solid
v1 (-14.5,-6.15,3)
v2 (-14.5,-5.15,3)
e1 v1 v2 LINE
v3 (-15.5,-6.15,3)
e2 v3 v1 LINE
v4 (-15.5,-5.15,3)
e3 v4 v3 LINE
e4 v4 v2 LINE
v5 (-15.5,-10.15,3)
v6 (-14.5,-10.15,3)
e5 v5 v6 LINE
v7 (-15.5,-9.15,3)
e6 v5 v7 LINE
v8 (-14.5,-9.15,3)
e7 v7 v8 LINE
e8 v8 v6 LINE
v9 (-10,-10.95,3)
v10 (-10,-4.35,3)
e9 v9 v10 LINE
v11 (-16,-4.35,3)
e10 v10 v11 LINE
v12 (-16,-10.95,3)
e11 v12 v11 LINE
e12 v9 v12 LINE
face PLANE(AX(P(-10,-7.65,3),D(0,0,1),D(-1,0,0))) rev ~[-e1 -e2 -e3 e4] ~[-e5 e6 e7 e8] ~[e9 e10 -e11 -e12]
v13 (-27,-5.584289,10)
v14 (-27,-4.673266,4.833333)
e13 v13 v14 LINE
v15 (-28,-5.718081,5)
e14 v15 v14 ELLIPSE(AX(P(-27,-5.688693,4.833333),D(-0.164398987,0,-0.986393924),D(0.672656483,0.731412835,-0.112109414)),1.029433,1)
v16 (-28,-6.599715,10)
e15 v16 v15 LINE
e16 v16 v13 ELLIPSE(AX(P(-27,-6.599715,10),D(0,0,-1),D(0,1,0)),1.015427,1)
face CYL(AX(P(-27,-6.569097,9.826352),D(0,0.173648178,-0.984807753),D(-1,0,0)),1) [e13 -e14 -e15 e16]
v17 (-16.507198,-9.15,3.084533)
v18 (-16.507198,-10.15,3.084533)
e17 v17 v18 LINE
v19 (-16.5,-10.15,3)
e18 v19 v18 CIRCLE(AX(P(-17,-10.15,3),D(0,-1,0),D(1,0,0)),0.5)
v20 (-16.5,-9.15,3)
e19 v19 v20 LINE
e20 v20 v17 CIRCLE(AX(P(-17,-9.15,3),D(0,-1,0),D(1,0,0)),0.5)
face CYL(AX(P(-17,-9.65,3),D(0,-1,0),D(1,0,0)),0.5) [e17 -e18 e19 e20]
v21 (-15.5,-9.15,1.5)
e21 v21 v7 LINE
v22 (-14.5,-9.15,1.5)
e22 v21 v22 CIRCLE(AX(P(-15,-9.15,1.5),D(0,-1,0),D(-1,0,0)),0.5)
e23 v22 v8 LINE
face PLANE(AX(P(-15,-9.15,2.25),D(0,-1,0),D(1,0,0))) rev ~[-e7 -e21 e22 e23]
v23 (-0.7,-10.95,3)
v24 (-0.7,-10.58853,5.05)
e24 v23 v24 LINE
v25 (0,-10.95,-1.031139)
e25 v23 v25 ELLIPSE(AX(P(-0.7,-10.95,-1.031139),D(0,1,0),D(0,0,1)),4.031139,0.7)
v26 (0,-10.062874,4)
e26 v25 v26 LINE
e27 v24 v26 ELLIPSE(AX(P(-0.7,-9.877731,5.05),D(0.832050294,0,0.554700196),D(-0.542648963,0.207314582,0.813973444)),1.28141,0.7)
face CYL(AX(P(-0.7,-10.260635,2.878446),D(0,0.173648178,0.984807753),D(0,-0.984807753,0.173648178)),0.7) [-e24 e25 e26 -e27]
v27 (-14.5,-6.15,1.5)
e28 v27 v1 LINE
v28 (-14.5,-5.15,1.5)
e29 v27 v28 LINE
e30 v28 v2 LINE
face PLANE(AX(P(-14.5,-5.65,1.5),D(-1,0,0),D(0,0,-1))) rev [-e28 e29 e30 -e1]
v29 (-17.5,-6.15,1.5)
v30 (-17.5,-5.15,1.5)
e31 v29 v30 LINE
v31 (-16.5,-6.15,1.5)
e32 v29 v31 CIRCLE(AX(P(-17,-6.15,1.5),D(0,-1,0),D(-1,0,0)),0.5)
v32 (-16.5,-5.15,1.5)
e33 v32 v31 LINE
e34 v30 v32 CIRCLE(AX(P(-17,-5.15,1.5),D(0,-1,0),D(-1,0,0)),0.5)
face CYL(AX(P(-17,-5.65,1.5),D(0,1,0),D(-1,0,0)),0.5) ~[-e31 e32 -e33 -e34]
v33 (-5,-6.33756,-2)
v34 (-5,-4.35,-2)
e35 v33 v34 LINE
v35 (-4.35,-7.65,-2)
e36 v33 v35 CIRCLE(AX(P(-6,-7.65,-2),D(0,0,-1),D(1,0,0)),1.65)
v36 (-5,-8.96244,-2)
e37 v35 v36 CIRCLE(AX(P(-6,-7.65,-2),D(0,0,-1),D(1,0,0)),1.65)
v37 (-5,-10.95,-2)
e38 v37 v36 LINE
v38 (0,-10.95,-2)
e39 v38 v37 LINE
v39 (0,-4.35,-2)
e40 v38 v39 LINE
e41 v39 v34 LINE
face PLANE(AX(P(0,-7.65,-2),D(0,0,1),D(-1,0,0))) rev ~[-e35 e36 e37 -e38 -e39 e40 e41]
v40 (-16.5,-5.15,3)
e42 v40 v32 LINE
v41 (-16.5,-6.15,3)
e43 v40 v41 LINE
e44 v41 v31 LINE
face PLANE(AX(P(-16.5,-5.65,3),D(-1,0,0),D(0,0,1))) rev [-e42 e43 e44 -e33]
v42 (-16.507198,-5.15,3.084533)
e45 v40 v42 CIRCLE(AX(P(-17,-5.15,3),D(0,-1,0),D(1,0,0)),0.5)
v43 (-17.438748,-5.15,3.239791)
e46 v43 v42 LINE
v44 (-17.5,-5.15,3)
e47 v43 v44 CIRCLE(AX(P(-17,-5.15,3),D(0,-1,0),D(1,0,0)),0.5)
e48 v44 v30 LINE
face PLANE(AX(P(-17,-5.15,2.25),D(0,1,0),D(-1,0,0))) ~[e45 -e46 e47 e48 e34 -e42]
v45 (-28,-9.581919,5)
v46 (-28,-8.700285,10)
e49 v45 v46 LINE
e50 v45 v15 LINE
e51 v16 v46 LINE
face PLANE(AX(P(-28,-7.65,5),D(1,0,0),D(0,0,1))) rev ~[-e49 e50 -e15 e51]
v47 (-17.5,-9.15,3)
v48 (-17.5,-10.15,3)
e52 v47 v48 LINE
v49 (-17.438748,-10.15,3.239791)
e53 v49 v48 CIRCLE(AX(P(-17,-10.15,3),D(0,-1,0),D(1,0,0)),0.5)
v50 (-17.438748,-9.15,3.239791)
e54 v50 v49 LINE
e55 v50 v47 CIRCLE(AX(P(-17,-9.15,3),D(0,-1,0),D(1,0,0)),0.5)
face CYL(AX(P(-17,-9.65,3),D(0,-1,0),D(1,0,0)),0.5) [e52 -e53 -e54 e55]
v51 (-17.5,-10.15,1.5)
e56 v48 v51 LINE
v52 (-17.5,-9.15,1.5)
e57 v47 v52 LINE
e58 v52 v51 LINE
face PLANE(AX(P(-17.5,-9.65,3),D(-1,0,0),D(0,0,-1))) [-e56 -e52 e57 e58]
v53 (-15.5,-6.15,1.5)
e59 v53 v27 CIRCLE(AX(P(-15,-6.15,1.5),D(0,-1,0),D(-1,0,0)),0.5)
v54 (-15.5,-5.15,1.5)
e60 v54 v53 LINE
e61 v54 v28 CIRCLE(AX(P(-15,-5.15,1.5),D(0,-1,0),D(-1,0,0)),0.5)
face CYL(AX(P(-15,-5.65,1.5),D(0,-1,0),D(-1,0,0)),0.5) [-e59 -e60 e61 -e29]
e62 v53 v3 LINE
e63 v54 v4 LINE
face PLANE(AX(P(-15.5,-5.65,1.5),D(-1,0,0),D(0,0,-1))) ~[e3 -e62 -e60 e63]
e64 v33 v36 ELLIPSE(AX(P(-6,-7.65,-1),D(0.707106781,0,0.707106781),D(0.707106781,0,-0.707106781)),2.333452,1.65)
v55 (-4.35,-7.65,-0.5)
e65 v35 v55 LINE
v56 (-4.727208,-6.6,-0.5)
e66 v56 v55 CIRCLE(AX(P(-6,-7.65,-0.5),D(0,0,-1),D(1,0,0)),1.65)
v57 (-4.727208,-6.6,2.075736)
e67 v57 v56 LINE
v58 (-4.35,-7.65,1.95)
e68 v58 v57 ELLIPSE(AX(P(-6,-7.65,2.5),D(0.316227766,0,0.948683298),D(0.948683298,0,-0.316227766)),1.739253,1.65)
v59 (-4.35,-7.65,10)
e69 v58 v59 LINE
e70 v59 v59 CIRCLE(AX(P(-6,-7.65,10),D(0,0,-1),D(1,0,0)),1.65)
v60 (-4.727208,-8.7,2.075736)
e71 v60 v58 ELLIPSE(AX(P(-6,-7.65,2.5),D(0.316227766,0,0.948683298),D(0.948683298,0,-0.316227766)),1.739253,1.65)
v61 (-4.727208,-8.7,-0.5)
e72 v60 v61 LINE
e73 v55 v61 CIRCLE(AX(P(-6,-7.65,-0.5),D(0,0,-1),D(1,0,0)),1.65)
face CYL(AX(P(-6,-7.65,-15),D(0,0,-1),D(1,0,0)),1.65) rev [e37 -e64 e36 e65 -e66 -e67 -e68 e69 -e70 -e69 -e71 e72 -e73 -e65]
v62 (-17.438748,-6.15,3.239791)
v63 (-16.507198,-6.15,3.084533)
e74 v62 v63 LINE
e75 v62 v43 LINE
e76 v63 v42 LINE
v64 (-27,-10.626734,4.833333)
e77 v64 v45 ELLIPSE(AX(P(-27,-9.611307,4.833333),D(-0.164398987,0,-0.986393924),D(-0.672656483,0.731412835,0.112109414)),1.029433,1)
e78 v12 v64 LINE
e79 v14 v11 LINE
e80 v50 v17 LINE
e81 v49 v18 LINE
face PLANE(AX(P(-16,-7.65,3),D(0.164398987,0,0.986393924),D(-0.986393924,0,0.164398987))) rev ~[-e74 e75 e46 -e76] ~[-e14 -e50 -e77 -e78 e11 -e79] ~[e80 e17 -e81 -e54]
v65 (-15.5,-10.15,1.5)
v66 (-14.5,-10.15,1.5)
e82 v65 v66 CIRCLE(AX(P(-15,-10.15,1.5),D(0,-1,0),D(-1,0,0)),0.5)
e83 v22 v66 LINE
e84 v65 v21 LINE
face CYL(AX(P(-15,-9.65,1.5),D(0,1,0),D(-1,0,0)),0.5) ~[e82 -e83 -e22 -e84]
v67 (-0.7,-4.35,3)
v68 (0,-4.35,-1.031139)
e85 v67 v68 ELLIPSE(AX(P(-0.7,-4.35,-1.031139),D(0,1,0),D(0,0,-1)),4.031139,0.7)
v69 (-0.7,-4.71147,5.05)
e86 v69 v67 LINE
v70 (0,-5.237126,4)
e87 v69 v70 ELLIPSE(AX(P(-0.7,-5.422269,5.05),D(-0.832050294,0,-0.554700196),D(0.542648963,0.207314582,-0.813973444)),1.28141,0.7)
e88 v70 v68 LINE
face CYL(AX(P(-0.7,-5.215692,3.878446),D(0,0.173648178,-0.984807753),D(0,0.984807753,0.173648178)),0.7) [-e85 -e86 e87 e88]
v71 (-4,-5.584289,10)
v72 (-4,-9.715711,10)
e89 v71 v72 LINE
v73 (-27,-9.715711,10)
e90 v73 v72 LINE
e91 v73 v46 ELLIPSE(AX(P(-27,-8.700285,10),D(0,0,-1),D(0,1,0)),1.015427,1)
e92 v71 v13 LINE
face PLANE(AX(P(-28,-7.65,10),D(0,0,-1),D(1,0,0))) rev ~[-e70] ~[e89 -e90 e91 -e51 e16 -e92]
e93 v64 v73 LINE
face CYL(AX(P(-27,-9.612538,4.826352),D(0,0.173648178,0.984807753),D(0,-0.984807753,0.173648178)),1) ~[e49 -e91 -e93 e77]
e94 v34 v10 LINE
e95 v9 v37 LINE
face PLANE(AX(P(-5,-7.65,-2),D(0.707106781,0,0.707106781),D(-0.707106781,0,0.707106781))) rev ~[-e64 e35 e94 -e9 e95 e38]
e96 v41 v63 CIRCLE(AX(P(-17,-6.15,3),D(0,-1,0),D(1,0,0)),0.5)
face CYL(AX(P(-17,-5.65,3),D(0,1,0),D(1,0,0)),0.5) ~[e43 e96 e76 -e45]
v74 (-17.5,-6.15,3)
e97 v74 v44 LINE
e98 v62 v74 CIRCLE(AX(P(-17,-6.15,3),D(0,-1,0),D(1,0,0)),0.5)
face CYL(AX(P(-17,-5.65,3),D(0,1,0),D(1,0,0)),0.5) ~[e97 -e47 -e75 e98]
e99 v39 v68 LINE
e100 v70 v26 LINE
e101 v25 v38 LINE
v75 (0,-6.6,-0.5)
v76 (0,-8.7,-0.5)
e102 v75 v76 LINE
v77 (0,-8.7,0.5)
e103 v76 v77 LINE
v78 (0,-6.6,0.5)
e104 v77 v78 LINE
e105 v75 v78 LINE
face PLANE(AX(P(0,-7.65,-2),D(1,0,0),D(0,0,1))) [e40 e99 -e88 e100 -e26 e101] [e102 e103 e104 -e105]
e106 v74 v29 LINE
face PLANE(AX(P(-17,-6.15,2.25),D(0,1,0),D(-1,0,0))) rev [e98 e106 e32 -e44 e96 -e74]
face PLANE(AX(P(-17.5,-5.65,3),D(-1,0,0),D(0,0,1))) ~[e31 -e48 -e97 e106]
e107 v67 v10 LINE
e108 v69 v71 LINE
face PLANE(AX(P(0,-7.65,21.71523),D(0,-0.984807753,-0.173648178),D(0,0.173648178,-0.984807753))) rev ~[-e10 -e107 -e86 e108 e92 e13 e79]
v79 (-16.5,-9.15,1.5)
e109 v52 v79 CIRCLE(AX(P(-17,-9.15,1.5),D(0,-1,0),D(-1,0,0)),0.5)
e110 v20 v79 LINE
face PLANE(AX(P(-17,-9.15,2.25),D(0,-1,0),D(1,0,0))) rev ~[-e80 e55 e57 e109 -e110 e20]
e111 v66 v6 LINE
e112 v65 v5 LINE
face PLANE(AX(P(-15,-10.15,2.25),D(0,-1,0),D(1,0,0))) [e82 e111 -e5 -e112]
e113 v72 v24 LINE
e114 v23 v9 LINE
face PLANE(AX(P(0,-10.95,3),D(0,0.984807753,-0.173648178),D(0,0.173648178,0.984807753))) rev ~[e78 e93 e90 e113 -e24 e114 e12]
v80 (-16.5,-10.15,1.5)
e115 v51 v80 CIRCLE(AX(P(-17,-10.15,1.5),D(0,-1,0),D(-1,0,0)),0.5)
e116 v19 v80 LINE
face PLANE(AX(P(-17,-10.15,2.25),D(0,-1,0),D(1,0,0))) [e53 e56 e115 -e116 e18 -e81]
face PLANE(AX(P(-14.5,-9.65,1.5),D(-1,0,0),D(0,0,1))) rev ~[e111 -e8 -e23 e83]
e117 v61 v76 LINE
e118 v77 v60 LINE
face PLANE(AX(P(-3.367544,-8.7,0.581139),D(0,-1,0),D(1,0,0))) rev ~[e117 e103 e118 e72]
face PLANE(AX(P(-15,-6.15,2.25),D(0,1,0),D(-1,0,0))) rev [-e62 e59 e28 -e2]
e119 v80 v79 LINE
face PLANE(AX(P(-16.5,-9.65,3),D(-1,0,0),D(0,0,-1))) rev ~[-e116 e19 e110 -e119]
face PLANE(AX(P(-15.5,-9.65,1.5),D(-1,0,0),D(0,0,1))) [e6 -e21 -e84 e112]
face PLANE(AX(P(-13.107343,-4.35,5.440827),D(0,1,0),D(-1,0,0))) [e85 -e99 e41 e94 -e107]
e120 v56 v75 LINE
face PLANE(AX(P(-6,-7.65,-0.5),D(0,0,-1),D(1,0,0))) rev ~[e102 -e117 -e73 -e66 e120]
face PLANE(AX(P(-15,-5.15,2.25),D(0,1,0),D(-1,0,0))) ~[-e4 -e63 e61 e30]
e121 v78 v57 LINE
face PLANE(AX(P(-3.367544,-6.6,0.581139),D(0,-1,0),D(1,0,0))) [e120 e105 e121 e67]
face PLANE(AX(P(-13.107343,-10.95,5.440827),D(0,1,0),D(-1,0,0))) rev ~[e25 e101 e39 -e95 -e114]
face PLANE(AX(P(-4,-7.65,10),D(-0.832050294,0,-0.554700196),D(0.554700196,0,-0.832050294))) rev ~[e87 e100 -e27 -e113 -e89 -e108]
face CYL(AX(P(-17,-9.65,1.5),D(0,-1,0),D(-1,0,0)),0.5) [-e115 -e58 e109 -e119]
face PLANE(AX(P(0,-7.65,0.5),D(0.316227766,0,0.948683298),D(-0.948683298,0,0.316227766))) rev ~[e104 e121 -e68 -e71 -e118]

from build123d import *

# Parameters (mm, degrees)
CYLINDER_R      = 1.65
CYLINDER_DEPTH  = 30
PAD005_DEPTH    = 1.05
PAD001_DEPTH    = 3.3
POCKET004_DEPTH = 28.001
PAD002_DEPTH    = 0.5
FILLET_R        = 0.7
FILLET002_R     = 1


with BuildPart() as black_led_base:
    # Cylinder → Cylinder (join)
    with BuildSketch(Plane(origin=(-6, 0, -15), x_dir=(1, 0, 0), z_dir=(0, 0, 1))):
        Circle(CYLINDER_R)
    extrude(amount=CYLINDER_DEPTH)


with BuildPart() as black_iface_base:
    # Sketch016 → Pad005 (new body, symmetric)
    with BuildSketch(Plane.XZ):
        Polygon((-6, 2.5), (-6, -0.5), (0, -0.5), (0, 0.5), align=None)
    extrude(amount=PAD005_DEPTH, both=True)


with BuildPart() as black_f:
    # Sketch005 → Pad001 (new body, symmetric)
    with BuildSketch(Plane.XZ):
        Polygon((0, 0), (0, -2), (-5, -2), (-10, 3), (-16, 3), (-28, 5), (-28, 10), (-4, 10), (0, 4), align=None)
    extrude(amount=PAD001_DEPTH, both=True)

    # Sketch006 → Pocket004 (cut, through all)
    with BuildSketch(Plane.YZ):
        Polygon((-3.3, 0), (-3.3, 3), (0, 21.71523), (3.3, 3), (3.3, 0), (13, 0), (13, 26), (-13, 26), (-13, 0), align=None)
    extrude(amount=-POCKET004_DEPTH, mode=Mode.SUBTRACT)

    # Sketch008 → Pad002 (join, symmetric)
    with BuildSketch(Plane.XZ.offset(2)):
        with BuildLine():
            ThreePointArc((-15.5, 1.5), (-15, 1), (-14.5, 1.5))
            Line((-14.5, 1.5), (-14.5, 3))
            ThreePointArc((-14.5, 3), (-15, 3.5), (-15.5, 3))
            Line((-15.5, 1.5), (-15.5, 3))
        make_face()
        with BuildLine():
            ThreePointArc((-16.5, 3), (-17, 3.5), (-17.5, 3))
            Line((-17.5, 3), (-17.5, 1.5))
            ThreePointArc((-17.5, 1.5), (-17, 1), (-16.5, 1.5))
            Line((-16.5, 3), (-16.5, 1.5))
        make_face()
    pad002 = extrude(amount=PAD002_DEPTH, both=True)

    # Mirrored001: Pad002 across XZ
    add(pad002.mirror(Plane.XZ))

    # Fillet
    fillet_edges = [black_f.edges().sort_by_distance(p)[0] for p in [
        (0, -3.211837, 3.5),
        (0, 3.211837, 3.5),
    ]]
    fillet(fillet_edges, radius=FILLET_R)

    # Fillet002
    fillet002_edges = [black_f.edges().sort_by_distance(p)[0] for p in [
        (-28, -2.506529, 7.5),
        (-28, 2.506529, 7.5),
    ]]
    fillet(fillet002_edges, radius=FILLET002_R)

    # Boolean001: cut black_led_BASE, black_iface_BASE
    add(black_led_base.part, mode=Mode.SUBTRACT)
    add(black_iface_base.part, mode=Mode.SUBTRACT)


with BuildPart() as black_f_1:
    # Clone010 placement: moved
    add(black_f.part.moved(Location((0, -7.65, 0))))


solid = black_f_1.part
